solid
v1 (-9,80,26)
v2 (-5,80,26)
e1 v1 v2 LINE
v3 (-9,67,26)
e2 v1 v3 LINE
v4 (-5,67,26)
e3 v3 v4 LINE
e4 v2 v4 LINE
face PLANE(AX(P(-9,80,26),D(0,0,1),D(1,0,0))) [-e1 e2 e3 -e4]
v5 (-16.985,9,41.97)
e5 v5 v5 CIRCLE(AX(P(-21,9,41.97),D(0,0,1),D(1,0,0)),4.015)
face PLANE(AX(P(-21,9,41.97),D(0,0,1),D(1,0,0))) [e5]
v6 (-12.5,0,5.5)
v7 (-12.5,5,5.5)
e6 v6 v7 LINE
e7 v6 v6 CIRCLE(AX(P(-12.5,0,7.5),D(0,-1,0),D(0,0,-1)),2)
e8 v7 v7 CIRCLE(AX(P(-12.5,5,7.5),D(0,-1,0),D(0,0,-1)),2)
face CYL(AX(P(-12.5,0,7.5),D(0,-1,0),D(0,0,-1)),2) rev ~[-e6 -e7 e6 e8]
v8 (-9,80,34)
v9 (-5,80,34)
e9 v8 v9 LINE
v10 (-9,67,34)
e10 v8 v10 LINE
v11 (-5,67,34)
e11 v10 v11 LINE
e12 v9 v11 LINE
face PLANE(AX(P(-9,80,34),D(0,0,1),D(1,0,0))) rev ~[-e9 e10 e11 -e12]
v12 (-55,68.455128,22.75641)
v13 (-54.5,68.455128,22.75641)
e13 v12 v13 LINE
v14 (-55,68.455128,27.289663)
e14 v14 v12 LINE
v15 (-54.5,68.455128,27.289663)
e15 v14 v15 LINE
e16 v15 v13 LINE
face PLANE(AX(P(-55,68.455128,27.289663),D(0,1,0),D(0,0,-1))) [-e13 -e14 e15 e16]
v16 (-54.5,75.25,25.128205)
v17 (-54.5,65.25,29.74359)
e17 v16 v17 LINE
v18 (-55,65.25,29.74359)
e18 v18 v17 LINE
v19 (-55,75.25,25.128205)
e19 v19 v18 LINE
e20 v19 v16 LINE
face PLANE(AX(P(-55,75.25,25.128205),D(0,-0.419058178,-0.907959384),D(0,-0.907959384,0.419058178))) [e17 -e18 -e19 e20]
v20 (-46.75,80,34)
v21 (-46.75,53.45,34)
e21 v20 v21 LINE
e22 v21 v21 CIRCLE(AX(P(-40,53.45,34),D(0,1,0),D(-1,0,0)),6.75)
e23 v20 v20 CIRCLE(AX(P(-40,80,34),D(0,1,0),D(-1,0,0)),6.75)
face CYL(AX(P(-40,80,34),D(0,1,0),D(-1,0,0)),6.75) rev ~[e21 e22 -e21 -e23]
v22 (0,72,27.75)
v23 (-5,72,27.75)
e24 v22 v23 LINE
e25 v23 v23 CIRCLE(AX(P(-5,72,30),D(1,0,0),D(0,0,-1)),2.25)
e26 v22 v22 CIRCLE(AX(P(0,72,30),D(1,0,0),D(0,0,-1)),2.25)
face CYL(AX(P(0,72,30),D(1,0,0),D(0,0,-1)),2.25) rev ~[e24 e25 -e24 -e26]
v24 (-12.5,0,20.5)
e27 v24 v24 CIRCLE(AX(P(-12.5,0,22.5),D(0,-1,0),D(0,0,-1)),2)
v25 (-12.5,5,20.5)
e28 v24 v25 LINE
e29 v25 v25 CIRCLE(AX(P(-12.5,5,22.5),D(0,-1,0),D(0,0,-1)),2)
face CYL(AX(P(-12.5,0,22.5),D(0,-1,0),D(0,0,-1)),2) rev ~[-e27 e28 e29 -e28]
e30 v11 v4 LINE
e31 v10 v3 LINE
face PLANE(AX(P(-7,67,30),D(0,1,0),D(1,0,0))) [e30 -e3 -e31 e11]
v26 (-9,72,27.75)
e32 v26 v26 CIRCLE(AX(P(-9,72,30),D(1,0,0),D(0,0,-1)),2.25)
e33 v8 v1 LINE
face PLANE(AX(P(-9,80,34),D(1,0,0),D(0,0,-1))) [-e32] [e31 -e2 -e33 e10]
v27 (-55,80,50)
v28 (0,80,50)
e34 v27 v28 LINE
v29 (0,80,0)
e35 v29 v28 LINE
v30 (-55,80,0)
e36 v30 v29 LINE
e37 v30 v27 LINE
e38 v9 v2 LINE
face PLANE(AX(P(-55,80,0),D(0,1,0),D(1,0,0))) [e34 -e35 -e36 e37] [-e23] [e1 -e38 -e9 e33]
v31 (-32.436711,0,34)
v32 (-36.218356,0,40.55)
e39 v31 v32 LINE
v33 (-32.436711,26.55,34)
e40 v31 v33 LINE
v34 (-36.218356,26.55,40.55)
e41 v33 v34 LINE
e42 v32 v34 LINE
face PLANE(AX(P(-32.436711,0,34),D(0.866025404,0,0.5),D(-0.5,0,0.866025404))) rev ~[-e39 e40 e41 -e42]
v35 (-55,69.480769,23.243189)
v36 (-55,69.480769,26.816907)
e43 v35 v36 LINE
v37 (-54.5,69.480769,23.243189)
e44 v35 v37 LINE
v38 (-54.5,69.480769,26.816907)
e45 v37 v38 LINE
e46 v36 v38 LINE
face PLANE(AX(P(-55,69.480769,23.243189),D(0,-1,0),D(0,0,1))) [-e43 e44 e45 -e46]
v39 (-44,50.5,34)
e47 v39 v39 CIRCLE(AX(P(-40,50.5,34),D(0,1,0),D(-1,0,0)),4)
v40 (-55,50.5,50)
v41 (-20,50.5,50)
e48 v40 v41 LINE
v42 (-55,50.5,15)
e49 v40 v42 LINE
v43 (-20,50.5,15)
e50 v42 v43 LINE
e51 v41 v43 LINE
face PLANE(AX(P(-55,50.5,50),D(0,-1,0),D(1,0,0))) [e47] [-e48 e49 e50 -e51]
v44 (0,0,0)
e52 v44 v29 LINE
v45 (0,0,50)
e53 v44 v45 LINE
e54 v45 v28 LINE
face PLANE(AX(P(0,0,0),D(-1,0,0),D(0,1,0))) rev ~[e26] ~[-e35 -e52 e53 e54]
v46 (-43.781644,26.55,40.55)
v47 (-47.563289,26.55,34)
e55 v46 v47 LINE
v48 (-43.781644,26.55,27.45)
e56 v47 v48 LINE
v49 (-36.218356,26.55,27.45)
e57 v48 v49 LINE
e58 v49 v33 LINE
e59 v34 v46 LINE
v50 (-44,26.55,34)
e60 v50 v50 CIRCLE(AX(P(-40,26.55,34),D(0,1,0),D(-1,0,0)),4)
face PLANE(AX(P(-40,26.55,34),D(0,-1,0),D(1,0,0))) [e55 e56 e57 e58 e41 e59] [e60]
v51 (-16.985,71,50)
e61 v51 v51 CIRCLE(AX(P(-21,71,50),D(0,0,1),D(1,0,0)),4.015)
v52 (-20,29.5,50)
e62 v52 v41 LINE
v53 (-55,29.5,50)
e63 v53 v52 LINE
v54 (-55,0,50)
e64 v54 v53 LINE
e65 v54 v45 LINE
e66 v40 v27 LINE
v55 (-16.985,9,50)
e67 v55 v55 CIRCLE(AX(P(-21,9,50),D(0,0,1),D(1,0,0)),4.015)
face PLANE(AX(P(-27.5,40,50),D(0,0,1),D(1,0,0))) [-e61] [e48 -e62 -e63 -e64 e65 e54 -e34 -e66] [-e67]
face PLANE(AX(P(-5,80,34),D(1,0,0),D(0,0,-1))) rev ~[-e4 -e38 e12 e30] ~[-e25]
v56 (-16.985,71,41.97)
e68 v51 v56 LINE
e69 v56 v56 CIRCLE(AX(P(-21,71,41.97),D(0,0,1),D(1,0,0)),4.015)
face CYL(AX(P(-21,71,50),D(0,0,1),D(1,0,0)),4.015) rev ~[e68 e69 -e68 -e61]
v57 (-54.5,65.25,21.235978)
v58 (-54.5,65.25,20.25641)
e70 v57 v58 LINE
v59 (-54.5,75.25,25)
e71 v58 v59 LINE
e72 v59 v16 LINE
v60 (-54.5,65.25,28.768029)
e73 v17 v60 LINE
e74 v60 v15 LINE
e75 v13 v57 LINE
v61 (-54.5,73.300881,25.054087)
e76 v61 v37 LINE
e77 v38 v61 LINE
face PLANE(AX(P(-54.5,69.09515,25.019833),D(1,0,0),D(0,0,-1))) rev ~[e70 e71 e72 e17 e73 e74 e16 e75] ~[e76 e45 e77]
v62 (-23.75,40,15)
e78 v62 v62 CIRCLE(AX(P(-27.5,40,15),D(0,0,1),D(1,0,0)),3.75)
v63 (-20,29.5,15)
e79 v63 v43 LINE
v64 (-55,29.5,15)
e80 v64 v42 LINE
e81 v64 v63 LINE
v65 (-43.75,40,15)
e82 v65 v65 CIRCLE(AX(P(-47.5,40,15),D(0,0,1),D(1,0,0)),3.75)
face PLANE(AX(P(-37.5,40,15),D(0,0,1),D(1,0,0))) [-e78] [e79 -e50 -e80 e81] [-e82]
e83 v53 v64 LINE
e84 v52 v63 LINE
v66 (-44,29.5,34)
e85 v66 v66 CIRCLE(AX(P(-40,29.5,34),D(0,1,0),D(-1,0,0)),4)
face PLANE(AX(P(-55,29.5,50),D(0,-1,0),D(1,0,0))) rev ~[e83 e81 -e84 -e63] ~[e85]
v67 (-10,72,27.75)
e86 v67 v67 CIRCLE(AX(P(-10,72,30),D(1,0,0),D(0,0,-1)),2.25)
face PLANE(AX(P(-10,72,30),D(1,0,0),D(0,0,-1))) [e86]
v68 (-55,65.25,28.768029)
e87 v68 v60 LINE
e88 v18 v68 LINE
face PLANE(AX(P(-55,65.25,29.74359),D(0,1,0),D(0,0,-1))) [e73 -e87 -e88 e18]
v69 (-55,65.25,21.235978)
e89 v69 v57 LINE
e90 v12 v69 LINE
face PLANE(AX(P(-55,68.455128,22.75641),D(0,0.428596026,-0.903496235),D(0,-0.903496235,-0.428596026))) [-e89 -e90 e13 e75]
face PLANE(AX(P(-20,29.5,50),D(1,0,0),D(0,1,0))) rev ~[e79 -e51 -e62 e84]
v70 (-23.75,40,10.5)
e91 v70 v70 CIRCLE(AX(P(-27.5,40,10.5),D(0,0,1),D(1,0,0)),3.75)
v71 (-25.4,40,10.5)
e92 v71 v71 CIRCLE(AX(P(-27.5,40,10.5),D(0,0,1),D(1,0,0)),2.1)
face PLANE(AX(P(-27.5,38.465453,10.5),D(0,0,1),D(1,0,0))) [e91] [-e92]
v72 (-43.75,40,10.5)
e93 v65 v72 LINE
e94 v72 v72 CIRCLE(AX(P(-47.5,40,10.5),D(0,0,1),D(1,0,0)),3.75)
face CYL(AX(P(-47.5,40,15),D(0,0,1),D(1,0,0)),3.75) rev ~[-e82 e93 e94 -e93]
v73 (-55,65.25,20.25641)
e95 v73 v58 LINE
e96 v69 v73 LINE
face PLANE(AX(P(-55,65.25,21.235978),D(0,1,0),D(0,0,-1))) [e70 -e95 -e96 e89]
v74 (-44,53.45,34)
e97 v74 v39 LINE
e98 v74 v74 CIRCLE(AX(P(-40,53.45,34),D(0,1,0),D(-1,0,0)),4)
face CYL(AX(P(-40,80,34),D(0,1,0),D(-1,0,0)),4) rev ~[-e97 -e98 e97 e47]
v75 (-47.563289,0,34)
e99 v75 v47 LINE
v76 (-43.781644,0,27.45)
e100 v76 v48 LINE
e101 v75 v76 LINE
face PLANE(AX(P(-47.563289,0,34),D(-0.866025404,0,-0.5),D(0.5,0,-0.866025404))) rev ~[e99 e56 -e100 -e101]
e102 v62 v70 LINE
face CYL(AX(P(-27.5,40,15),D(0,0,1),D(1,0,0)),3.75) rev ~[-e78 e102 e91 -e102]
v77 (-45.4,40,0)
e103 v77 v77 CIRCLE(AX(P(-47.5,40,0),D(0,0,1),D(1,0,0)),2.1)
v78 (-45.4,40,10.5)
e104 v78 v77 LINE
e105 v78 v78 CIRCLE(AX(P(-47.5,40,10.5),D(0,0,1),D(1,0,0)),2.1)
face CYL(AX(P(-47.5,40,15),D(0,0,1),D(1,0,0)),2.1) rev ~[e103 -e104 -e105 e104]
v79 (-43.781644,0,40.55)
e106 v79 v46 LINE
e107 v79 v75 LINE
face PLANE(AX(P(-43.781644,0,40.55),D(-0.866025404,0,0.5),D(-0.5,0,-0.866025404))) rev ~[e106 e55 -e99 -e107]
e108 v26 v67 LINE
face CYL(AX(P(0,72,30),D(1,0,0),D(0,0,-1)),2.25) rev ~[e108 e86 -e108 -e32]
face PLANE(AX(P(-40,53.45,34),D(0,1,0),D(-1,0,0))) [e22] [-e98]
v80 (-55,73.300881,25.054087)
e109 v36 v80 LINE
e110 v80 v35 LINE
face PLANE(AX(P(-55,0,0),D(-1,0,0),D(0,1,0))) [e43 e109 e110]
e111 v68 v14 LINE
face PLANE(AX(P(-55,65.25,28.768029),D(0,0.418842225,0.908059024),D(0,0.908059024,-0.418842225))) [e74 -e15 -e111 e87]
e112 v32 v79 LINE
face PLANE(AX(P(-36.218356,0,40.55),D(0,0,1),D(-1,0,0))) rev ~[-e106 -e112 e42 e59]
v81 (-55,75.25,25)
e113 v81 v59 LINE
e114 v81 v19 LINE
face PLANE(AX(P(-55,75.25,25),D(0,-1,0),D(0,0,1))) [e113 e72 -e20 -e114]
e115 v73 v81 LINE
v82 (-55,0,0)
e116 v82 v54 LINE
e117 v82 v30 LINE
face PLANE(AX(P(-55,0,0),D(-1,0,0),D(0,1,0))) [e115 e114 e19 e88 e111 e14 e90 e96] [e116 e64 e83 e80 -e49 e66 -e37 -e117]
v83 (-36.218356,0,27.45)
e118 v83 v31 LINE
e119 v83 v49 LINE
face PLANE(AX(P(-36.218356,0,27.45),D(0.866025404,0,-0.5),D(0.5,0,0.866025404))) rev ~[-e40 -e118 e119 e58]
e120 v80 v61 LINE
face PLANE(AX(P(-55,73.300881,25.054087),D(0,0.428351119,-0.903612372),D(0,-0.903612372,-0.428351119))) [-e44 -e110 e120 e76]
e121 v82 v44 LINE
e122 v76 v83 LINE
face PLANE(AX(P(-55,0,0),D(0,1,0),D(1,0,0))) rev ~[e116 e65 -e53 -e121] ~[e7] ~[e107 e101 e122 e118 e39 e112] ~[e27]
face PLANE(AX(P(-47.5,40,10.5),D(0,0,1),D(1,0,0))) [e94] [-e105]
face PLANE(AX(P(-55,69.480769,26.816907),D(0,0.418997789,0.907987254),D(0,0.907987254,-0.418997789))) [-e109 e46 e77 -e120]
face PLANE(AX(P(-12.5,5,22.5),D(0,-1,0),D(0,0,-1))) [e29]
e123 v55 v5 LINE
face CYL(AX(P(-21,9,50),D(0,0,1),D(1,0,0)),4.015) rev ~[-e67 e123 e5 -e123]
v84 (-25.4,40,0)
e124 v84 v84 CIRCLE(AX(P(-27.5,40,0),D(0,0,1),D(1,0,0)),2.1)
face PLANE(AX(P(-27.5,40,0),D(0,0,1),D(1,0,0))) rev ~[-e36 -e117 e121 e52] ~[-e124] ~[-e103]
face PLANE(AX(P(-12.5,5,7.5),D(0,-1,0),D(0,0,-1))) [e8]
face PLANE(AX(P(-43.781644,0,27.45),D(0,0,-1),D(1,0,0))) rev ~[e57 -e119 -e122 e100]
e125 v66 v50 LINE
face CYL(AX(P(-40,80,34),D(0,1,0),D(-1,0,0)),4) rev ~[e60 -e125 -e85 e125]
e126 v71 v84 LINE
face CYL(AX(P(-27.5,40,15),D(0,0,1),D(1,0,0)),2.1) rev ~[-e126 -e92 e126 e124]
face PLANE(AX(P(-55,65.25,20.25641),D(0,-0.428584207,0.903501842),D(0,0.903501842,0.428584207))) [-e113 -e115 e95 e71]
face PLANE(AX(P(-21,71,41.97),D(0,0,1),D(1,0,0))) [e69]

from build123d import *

# Parameters (mm, degrees)
SKETCH1_W           = 55
SKETCH1_H           = 80
BOSS_EXTRUDE1_DEPTH = 50
SKETCH2_R           = 4
CUT_EXTRUDE1_DEPTH  = 110.201648339
SKETCH3_R           = 4.015
CUT_EXTRUDE2_DEPTH  = 8.03
SKETCH4_W           = 35
SKETCH4_H           = 21
CUT_EXTRUDE3_DEPTH  = 35
SKETCH8_R           = 6.75
CUT_EXTRUDE5_DEPTH  = 26.55
CUT_EXTRUDE6_DEPTH  = 26.55
SKETCH10_R          = 2
CUT_EXTRUDE7_DEPTH  = 5
SKETCH12_R          = 2.1
CUT_EXTRUDE8_DEPTH  = 104.198837203
SKETCH12_3_R        = 3.75
CUT_EXTRUDE9_DEPTH  = 4.5
SKETCH13_R          = 2.25
CUT_EXTRUDE10_DEPTH = 10
SKETCH14_W          = 4
SKETCH14_H          = 8
CUT_EXTRUDE11_DEPTH = 13
CUT_EXTRUDE12_DEPTH = 0.5


with BuildPart() as part:
    # Sketch1 → Boss-Extrude1 (new body)
    with BuildSketch(Plane.XY):
        with Locations((-27.5, 40)):
            Rectangle(SKETCH1_W, SKETCH1_H)
    extrude(amount=BOSS_EXTRUDE1_DEPTH)

    # Sketch2 → Cut-Extrude1 (cut, through all)
    with BuildSketch(Plane(origin=(0, 80, 0), x_dir=(1, 0, 0), z_dir=(0, 1, 0))):
        with Locations(Location((-40, -34, 0), (0, 0, 180))):
            Circle(SKETCH2_R)
    extrude(amount=-CUT_EXTRUDE1_DEPTH, mode=Mode.SUBTRACT)

    # Sketch3 → Cut-Extrude2 (cut)
    with BuildSketch(Plane.XY.offset(50)):
        with Locations((-21, 71)):
            Circle(SKETCH3_R)
        with Locations((-21, 9)):
            Circle(SKETCH3_R)
    extrude(amount=-CUT_EXTRUDE2_DEPTH, mode=Mode.SUBTRACT)

    # Sketch4 → Cut-Extrude3 (cut)
    with BuildSketch(Plane.XY.offset(50)):
        with Locations((-37.5, 40)):
            Rectangle(SKETCH4_W, SKETCH4_H)
    extrude(amount=-CUT_EXTRUDE3_DEPTH, mode=Mode.SUBTRACT)

    # Sketch8 → Cut-Extrude5 (cut)
    with BuildSketch(Plane(origin=(0, 80, 0), x_dir=(1, 0, 0), z_dir=(0, 1, 0))):
        with Locations(Location((-40, -34, 0), (0, 0, 180))):
            Circle(SKETCH8_R)
    extrude(amount=-CUT_EXTRUDE5_DEPTH, mode=Mode.SUBTRACT)

    # Sketch9 → Cut-Extrude6 (cut)
    with BuildSketch(Plane.XZ):
        Polygon((-32.436711474, 34), (-36.218355737, 40.55), (-43.781644263, 40.55), (-47.563288526, 34), (-43.781644263, 27.45), (-36.218355737, 27.45), align=None)
    extrude(amount=-CUT_EXTRUDE6_DEPTH, mode=Mode.SUBTRACT)

    # Sketch10 → Cut-Extrude7 (cut)
    with BuildSketch(Plane.XZ):
        with Locations(Location((-12.5, 7.5, 0), (0, 0, 270))):
            Circle(SKETCH10_R)
        with Locations(Location((-12.5, 22.5, 0), (0, 0, 270))):
            Circle(SKETCH10_R)
    extrude(amount=-CUT_EXTRUDE7_DEPTH, mode=Mode.SUBTRACT)

    # Sketch12 → Cut-Extrude8 (cut, through all)
    with BuildSketch(Plane.XY.offset(15)):
        with Locations((-47.5, 40)):
            Circle(SKETCH12_R)
        with BuildLine():
            ThreePointArc((-29.6, 40), (-27.5, 37.9), (-25.4, 40))
            Line((-25.4, 40), (-29.6, 40))
        make_face()
        with BuildLine():
            Line((-29.6, 40), (-25.4, 40))
            ThreePointArc((-25.4, 40), (-27.5, 42.1), (-29.6, 40))
        make_face()
    extrude(amount=-CUT_EXTRUDE8_DEPTH, mode=Mode.SUBTRACT)

    # Sketch12<3> → Cut-Extrude9 (cut)
    with BuildSketch(Plane.XY.offset(15)):
        with BuildLine():
            ThreePointArc((-31.25, 40), (-27.5, 36.25), (-23.75, 40))
            Line((-23.75, 40), (-25.4, 40))
            ThreePointArc((-25.4, 40), (-27.5, 37.9), (-29.6, 40))
            Line((-29.6, 40), (-31.25, 40))
        make_face()
        with BuildLine():
            Line((-25.4, 40), (-23.75, 40))
            ThreePointArc((-23.75, 40), (-27.5, 43.75), (-31.25, 40))
            Line((-31.25, 40), (-29.6, 40))
            ThreePointArc((-29.6, 40), (-27.5, 42.1), (-25.4, 40))
        make_face()
        with Locations((-47.5, 40)):
            Circle(SKETCH12_3_R)
    extrude(amount=-CUT_EXTRUDE9_DEPTH, mode=Mode.SUBTRACT)

    # Sketch13 → Cut-Extrude10 (cut)
    with BuildSketch(Plane(origin=(0, 0, 0), x_dir=(0, 0, -1), z_dir=(1, 0, 0))):
        with Locations((-30, 72)):
            Circle(SKETCH13_R)
    extrude(amount=-CUT_EXTRUDE10_DEPTH, mode=Mode.SUBTRACT)

    # Sketch14 → Cut-Extrude11 (cut)
    with BuildSketch(Plane(origin=(0, 80, 0), x_dir=(1, 0, 0), z_dir=(0, 1, 0))):
        with Locations((-7, -30)):
            Rectangle(SKETCH14_W, SKETCH14_H)
    extrude(amount=-CUT_EXTRUDE11_DEPTH, mode=Mode.SUBTRACT)

    # Sketch15 → Cut-Extrude12 (cut)
    with BuildSketch(Plane.ZY.offset(55)):
        Polygon((25.128205128, 75.25), (29.743589744, 65.25), (28.768028846, 65.25), (27.289663462, 68.455128205), (22.756410256, 68.455128205), (21.235977564, 65.25), (20.256410256, 65.25), (25, 75.25), align=None)
        Polygon((25.054086538, 73.30088141), (23.243189103, 69.480769231), (26.816907051, 69.480769231), align=None, mode=Mode.SUBTRACT)
    extrude(amount=-CUT_EXTRUDE12_DEPTH, mode=Mode.SUBTRACT)


solid = part.part
